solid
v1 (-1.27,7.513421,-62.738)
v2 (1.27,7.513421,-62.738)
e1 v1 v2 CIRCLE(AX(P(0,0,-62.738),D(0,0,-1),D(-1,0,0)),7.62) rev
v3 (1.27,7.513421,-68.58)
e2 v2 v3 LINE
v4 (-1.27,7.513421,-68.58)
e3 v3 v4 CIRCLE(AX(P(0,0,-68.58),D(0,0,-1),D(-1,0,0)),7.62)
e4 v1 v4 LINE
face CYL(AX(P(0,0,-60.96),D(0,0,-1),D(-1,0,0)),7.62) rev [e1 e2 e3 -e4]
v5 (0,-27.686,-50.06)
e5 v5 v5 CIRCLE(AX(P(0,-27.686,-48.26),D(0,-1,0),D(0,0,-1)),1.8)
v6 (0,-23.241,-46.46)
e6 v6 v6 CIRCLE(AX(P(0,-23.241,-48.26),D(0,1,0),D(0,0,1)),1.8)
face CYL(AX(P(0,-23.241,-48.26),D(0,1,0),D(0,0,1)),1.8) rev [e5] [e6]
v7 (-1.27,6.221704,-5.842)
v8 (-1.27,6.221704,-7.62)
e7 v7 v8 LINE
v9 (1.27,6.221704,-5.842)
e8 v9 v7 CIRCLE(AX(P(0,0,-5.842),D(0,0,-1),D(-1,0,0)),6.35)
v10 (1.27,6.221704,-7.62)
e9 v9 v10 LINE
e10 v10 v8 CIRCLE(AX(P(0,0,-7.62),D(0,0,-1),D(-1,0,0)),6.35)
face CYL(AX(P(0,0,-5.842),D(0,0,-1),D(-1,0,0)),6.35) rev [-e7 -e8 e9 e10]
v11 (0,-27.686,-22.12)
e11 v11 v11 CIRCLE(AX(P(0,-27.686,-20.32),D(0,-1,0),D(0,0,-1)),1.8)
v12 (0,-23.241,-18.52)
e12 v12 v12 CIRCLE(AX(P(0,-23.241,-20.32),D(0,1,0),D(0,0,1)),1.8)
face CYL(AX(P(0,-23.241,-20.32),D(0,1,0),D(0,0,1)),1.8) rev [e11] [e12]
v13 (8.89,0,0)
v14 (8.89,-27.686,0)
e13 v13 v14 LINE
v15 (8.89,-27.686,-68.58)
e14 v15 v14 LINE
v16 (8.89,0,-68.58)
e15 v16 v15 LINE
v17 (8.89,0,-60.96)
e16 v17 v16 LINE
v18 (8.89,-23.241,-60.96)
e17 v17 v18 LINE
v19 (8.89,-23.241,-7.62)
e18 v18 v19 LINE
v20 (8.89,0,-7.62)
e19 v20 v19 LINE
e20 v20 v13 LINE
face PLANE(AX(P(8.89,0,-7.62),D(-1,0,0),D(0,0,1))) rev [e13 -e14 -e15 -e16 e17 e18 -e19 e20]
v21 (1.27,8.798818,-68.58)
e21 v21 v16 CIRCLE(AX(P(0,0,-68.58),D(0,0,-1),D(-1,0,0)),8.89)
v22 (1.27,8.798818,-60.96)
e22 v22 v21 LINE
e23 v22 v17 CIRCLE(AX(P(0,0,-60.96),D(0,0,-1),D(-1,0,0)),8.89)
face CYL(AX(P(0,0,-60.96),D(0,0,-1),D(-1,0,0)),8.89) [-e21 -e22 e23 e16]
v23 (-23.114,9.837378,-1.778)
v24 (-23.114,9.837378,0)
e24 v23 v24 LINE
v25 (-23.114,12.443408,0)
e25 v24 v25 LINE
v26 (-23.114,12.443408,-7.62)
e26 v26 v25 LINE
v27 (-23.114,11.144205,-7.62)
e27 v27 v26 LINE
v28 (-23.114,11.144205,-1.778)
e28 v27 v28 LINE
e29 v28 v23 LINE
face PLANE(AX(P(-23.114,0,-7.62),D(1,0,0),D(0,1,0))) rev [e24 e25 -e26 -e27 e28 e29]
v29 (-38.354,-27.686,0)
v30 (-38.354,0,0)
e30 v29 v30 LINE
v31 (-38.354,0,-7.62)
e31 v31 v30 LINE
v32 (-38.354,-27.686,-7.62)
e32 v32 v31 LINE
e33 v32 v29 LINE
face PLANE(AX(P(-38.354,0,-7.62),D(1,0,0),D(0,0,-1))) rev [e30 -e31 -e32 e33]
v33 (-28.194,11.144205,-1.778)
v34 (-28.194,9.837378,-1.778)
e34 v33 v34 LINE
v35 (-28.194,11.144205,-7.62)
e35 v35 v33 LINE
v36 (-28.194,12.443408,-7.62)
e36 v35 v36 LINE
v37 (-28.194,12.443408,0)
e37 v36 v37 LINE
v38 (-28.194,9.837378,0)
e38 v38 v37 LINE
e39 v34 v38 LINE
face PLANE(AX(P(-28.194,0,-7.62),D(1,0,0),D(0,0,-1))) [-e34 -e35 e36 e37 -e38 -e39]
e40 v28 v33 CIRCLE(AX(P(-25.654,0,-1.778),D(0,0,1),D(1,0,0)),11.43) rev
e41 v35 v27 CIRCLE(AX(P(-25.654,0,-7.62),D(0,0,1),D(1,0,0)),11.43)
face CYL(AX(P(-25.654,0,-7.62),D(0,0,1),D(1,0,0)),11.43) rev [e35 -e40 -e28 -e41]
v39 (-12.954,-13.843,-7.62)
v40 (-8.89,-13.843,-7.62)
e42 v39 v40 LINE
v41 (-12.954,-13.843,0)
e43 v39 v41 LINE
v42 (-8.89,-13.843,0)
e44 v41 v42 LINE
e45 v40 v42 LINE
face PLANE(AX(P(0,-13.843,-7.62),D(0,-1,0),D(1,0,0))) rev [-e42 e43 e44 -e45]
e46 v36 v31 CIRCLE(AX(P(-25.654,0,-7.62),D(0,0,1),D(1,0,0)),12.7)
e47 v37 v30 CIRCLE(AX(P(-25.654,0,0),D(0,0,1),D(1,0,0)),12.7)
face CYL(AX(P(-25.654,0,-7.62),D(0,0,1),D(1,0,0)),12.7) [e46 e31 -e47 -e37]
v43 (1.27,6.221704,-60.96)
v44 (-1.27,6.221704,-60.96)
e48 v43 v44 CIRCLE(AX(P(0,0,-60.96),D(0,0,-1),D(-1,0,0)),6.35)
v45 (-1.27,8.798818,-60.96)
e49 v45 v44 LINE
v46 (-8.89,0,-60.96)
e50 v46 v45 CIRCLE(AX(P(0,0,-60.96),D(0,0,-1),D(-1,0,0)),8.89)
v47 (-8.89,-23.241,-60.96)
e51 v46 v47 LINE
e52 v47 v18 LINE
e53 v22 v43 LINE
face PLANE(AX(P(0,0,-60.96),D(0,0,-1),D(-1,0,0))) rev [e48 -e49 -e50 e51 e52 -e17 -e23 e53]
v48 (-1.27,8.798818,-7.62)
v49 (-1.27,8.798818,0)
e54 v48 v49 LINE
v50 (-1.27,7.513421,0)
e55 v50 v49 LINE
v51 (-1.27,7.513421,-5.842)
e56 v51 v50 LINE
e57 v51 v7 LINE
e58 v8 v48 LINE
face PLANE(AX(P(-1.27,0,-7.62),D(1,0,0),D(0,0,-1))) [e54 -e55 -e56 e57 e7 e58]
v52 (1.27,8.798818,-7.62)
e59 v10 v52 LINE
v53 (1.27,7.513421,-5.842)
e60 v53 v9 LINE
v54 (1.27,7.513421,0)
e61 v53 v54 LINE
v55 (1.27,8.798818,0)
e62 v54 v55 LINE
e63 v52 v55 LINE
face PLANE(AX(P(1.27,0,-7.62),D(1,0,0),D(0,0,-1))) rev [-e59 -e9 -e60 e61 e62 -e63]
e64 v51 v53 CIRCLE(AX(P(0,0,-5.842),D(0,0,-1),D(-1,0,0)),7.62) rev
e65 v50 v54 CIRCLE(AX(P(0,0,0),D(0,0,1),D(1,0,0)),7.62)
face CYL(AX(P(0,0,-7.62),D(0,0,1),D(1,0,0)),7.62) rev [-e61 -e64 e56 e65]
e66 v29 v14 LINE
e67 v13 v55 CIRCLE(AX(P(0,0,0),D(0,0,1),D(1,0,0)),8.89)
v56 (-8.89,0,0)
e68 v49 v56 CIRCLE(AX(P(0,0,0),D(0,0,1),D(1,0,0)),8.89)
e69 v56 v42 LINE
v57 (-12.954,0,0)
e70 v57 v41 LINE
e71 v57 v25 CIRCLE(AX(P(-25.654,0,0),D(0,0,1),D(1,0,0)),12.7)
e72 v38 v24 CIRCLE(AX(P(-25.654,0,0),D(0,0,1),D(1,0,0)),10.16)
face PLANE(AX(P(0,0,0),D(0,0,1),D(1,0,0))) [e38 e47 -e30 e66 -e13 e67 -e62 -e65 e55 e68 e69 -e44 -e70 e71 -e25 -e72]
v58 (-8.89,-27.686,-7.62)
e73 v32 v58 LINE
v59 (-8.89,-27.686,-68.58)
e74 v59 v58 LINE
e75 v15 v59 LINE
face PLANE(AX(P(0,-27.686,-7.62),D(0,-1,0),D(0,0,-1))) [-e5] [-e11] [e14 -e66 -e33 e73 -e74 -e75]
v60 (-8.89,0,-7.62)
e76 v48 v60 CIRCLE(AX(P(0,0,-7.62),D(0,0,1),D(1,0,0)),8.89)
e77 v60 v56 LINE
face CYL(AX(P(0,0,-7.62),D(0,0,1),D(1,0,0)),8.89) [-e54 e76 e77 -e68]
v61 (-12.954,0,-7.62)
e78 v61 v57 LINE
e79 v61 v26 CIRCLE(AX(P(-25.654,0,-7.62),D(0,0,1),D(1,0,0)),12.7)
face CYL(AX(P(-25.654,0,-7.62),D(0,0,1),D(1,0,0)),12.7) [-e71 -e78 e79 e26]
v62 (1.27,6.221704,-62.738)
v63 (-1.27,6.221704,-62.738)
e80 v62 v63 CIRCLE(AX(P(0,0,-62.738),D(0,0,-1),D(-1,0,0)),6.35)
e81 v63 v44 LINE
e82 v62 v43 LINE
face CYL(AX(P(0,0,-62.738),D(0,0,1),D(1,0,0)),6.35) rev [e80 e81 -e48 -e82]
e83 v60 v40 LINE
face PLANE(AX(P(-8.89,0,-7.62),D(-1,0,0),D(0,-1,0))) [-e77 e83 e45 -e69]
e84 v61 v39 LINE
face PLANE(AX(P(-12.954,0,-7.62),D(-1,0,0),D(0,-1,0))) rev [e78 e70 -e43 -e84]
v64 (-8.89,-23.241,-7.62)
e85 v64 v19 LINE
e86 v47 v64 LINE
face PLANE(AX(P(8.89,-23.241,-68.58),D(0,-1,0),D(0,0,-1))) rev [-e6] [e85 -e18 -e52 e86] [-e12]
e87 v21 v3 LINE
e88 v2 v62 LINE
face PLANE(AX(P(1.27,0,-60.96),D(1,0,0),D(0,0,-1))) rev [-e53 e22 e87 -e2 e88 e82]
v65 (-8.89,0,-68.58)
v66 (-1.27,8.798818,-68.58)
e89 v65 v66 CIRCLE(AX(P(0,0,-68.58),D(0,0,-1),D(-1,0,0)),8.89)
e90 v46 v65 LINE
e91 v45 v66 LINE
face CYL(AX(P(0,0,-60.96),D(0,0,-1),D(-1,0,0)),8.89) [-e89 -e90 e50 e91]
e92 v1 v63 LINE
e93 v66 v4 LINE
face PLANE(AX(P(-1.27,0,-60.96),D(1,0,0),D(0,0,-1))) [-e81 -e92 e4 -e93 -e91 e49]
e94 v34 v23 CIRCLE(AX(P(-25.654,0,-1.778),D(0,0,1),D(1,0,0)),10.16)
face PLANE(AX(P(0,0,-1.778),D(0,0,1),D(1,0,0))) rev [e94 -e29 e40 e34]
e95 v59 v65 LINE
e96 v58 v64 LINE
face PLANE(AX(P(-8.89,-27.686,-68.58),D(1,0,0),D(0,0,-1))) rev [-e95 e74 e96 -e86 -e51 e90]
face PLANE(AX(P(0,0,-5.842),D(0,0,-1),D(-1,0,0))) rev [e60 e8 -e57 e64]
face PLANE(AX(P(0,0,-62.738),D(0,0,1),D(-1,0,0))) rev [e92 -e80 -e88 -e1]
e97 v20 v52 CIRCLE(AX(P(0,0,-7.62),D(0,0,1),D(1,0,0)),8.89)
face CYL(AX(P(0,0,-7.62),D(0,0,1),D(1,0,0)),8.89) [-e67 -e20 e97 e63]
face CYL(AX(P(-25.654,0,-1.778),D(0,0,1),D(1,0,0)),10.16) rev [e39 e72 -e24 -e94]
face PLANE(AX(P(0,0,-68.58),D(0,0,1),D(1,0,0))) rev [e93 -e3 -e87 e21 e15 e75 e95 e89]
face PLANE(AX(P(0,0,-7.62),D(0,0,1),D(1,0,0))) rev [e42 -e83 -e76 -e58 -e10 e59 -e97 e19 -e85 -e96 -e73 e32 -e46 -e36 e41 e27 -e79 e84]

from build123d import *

# Parameters (mm, degrees)
SKETCH1_W                = 4.064
SKETCH1_H                = 13.843
BOSS_EXTRUDE1_DEPTH      = 7.62
BOSS_EXTRUDE2_START      = -1.778
BOSS_EXTRUDE2_DEPTH      = 1.778
BOSS_EXTRUDE3_DEPTH      = 1.778
SKETCH4_W                = 17.78
SKETCH4_H                = 4.445
BOSS_EXTRUDE4_DEPTH      = 60.96
BOSS_EXTRUDE5_START      = -7.62
BOSS_EXTRUDE5_DEPTH      = 7.62
M3_CLEARANCE_HOLE1_D     = 3.6
M3_CLEARANCE_HOLE1_DEPTH = 25.4
M3_CLEARANCE_HOLE1_TIP   = 1.081549114


with BuildPart() as part:
    # Sketch1 → Boss-Extrude1 (new body)
    with BuildSketch(Plane.XY):
        with BuildLine():
            Line((-38.354, -27.686), (-12.954, -27.686))
            Line((-12.954, -27.686), (-12.954, -13.843))
            Line((-12.954, -13.843), (-12.954, 0))
            ThreePointArc((-12.954, 0), (-25.654, -12.7), (-38.354, 0))
            Line((-38.354, 0), (-38.354, -27.686))
        make_face()
        with BuildLine():
            Line((8.89, -27.686), (8.89, 0))
            ThreePointArc((8.89, 0), (0, -8.89), (-8.89, 0))
            Line((-8.89, 0), (-8.89, -13.843))
            Line((-8.89, -13.843), (-8.89, -27.686))
            Line((-8.89, -27.686), (8.89, -27.686))
        make_face()
        with BuildLine():
            ThreePointArc((-8.89, 0), (0, -8.89), (8.89, 0))
            Line((8.89, 0), (7.62, 0))
            ThreePointArc((7.62, 0), (0, -7.62), (-7.62, 0))
            Line((-7.62, 0), (-8.89, 0))
        make_face()
        with BuildLine():
            ThreePointArc((-1.27, 8.798818102), (-6.72020833, 5.819871133), (-8.89, 0))
            Line((-8.89, 0), (-7.62, 0))
            ThreePointArc((-7.62, 0), (-5.819871133, 4.91868885), (-1.27, 7.513421325))
            Line((-1.27, 7.513421325), (-1.27, 8.798818102))
        make_face()
        with BuildLine():
            Line((7.62, 0), (8.89, 0))
            ThreePointArc((8.89, 0), (6.72020833, 5.819871133), (1.27, 8.798818102))
            Line((1.27, 8.798818102), (1.27, 7.513421325))
            ThreePointArc((1.27, 7.513421325), (5.819871133, 4.91868885), (7.62, 0))
        make_face()
        with BuildLine():
            ThreePointArc((-38.354, 0), (-25.654, -12.7), (-12.954, 0))
            Line((-12.954, 0), (-14.224, 0))
            ThreePointArc((-14.224, 0), (-25.654, -11.43), (-37.084, 0))
            Line((-37.084, 0), (-38.354, 0))
        make_face()
        with BuildLine():
            Line((-14.224, 0), (-12.954, 0))
            ThreePointArc((-12.954, 0), (-15.816622301, 8.032185257), (-23.114, 12.443407893))
            Line((-23.114, 12.443407893), (-23.114, 11.144204772))
            ThreePointArc((-23.114, 11.144204772), (-16.718757978, 7.127857322), (-14.224, 0))
        make_face()
        with BuildLine():
            ThreePointArc((-28.194, 12.443407893), (-35.491377699, 8.032185257), (-38.354, 0))
            Line((-38.354, 0), (-37.084, 0))
            ThreePointArc((-37.084, 0), (-34.589242022, 7.127857322), (-28.194, 11.144204772))
            Line((-28.194, 11.144204772), (-28.194, 12.443407893))
        make_face()
        with Locations((-10.922, -20.7645)):
            Rectangle(SKETCH1_W, SKETCH1_H)
    extrude(amount=-BOSS_EXTRUDE1_DEPTH)

    # Sketch2 → Boss-Extrude2 (add)
    with BuildSketch(Plane(origin=(0, 0, -7.62), x_dir=(-1, 0, 0), z_dir=(0, 0, -1)).offset(BOSS_EXTRUDE2_START)):
        with BuildLine():
            Line((-1.27, 6.221703947), (-1.27, 7.513421325))
            ThreePointArc((-1.27, 7.513421325), (-4.91868885, -5.819871133), (7.62, 0))
            ThreePointArc((7.62, 0), (5.819871133, 4.91868885), (1.27, 7.513421325))
            Line((1.27, 7.513421325), (1.27, 6.221703947))
            ThreePointArc((1.27, 6.221703947), (4.91868885, 4.016092628), (6.35, 0))
            ThreePointArc((6.35, 0), (-4.016092628, -4.91868885), (-1.27, 6.221703947))
        make_face()
    boss_extrude2 = extrude(amount=BOSS_EXTRUDE2_DEPTH)

    # Sketch3 → Boss-Extrude3 (add)
    with BuildSketch(Plane.XY):
        with BuildLine():
            Line((-28.194, 9.837377699), (-28.194, 11.144204772))
            ThreePointArc((-28.194, 11.144204772), (-32.781857322, -8.935242022), (-14.224, 0))
            ThreePointArc((-14.224, 0), (-16.718757978, 7.127857322), (-23.114, 11.144204772))
            Line((-23.114, 11.144204772), (-23.114, 9.837377699))
            ThreePointArc((-23.114, 9.837377699), (-17.621814743, 6.221703947), (-15.494, 0))
            ThreePointArc((-15.494, 0), (-31.875703947, -8.032185257), (-28.194, 9.837377699))
        make_face()
    extrude(amount=-BOSS_EXTRUDE3_DEPTH)

    # Sketch4 → Boss-Extrude4 (add)
    with BuildSketch(Plane(origin=(0, 0, -7.62), x_dir=(-1, 0, 0), z_dir=(0, 0, -1))):
        with Locations((0, -25.4635)):
            Rectangle(SKETCH4_W, SKETCH4_H)
    extrude(amount=BOSS_EXTRUDE4_DEPTH)

    # Sketch5 → Boss-Extrude5 (add)
    with BuildSketch(Plane(origin=(0, 0, -68.58), x_dir=(-1, 0, 0), z_dir=(0, 0, -1)).offset(BOSS_EXTRUDE5_START)):
        with BuildLine():
            Line((8.89, -23.241), (8.89, 0))
            ThreePointArc((8.89, 0), (0, -8.89), (-8.89, 0))
            Line((-8.89, 0), (-8.89, -23.241))
            Line((-8.89, -23.241), (8.89, -23.241))
        make_face()
        with BuildLine():
            ThreePointArc((-8.89, 0), (0, -8.89), (8.89, 0))
            ThreePointArc((8.89, 0), (6.72020833, 5.819871133), (1.27, 8.798818102))
            Line((1.27, 8.798818102), (1.27, 7.513421325))
            ThreePointArc((1.27, 7.513421325), (5.819871133, 4.91868885), (7.62, 0))
            ThreePointArc((7.62, 0), (-4.91868885, -5.819871133), (-1.27, 7.513421325))
            Line((-1.27, 7.513421325), (-1.27, 8.798818102))
            ThreePointArc((-1.27, 8.798818102), (-6.72020833, 5.819871133), (-8.89, 0))
        make_face()
    extrude(amount=BOSS_EXTRUDE5_DEPTH)

    # Mirror1: Boss-Extrude2 across plane
    add(boss_extrude2.mirror(Plane(origin=(0, 0, -34.29), x_dir=(1, 0, 0), z_dir=(0, 0, -1))))

    # M3 Clearance Hole1
    with Locations(Plane(origin=(0, -23.241, 0), x_dir=(1, 0, 0), z_dir=(0, 1, 0))):
        with Locations((0, 20.32), (0, 48.26)):
            Hole(M3_CLEARANCE_HOLE1_D / 2, depth=M3_CLEARANCE_HOLE1_DEPTH)
            with Locations((0, 0, -(M3_CLEARANCE_HOLE1_DEPTH + M3_CLEARANCE_HOLE1_TIP / 2))):  # 118° drill point
                Cone(0, M3_CLEARANCE_HOLE1_D / 2, M3_CLEARANCE_HOLE1_TIP, mode=Mode.SUBTRACT)


solid = part.part
